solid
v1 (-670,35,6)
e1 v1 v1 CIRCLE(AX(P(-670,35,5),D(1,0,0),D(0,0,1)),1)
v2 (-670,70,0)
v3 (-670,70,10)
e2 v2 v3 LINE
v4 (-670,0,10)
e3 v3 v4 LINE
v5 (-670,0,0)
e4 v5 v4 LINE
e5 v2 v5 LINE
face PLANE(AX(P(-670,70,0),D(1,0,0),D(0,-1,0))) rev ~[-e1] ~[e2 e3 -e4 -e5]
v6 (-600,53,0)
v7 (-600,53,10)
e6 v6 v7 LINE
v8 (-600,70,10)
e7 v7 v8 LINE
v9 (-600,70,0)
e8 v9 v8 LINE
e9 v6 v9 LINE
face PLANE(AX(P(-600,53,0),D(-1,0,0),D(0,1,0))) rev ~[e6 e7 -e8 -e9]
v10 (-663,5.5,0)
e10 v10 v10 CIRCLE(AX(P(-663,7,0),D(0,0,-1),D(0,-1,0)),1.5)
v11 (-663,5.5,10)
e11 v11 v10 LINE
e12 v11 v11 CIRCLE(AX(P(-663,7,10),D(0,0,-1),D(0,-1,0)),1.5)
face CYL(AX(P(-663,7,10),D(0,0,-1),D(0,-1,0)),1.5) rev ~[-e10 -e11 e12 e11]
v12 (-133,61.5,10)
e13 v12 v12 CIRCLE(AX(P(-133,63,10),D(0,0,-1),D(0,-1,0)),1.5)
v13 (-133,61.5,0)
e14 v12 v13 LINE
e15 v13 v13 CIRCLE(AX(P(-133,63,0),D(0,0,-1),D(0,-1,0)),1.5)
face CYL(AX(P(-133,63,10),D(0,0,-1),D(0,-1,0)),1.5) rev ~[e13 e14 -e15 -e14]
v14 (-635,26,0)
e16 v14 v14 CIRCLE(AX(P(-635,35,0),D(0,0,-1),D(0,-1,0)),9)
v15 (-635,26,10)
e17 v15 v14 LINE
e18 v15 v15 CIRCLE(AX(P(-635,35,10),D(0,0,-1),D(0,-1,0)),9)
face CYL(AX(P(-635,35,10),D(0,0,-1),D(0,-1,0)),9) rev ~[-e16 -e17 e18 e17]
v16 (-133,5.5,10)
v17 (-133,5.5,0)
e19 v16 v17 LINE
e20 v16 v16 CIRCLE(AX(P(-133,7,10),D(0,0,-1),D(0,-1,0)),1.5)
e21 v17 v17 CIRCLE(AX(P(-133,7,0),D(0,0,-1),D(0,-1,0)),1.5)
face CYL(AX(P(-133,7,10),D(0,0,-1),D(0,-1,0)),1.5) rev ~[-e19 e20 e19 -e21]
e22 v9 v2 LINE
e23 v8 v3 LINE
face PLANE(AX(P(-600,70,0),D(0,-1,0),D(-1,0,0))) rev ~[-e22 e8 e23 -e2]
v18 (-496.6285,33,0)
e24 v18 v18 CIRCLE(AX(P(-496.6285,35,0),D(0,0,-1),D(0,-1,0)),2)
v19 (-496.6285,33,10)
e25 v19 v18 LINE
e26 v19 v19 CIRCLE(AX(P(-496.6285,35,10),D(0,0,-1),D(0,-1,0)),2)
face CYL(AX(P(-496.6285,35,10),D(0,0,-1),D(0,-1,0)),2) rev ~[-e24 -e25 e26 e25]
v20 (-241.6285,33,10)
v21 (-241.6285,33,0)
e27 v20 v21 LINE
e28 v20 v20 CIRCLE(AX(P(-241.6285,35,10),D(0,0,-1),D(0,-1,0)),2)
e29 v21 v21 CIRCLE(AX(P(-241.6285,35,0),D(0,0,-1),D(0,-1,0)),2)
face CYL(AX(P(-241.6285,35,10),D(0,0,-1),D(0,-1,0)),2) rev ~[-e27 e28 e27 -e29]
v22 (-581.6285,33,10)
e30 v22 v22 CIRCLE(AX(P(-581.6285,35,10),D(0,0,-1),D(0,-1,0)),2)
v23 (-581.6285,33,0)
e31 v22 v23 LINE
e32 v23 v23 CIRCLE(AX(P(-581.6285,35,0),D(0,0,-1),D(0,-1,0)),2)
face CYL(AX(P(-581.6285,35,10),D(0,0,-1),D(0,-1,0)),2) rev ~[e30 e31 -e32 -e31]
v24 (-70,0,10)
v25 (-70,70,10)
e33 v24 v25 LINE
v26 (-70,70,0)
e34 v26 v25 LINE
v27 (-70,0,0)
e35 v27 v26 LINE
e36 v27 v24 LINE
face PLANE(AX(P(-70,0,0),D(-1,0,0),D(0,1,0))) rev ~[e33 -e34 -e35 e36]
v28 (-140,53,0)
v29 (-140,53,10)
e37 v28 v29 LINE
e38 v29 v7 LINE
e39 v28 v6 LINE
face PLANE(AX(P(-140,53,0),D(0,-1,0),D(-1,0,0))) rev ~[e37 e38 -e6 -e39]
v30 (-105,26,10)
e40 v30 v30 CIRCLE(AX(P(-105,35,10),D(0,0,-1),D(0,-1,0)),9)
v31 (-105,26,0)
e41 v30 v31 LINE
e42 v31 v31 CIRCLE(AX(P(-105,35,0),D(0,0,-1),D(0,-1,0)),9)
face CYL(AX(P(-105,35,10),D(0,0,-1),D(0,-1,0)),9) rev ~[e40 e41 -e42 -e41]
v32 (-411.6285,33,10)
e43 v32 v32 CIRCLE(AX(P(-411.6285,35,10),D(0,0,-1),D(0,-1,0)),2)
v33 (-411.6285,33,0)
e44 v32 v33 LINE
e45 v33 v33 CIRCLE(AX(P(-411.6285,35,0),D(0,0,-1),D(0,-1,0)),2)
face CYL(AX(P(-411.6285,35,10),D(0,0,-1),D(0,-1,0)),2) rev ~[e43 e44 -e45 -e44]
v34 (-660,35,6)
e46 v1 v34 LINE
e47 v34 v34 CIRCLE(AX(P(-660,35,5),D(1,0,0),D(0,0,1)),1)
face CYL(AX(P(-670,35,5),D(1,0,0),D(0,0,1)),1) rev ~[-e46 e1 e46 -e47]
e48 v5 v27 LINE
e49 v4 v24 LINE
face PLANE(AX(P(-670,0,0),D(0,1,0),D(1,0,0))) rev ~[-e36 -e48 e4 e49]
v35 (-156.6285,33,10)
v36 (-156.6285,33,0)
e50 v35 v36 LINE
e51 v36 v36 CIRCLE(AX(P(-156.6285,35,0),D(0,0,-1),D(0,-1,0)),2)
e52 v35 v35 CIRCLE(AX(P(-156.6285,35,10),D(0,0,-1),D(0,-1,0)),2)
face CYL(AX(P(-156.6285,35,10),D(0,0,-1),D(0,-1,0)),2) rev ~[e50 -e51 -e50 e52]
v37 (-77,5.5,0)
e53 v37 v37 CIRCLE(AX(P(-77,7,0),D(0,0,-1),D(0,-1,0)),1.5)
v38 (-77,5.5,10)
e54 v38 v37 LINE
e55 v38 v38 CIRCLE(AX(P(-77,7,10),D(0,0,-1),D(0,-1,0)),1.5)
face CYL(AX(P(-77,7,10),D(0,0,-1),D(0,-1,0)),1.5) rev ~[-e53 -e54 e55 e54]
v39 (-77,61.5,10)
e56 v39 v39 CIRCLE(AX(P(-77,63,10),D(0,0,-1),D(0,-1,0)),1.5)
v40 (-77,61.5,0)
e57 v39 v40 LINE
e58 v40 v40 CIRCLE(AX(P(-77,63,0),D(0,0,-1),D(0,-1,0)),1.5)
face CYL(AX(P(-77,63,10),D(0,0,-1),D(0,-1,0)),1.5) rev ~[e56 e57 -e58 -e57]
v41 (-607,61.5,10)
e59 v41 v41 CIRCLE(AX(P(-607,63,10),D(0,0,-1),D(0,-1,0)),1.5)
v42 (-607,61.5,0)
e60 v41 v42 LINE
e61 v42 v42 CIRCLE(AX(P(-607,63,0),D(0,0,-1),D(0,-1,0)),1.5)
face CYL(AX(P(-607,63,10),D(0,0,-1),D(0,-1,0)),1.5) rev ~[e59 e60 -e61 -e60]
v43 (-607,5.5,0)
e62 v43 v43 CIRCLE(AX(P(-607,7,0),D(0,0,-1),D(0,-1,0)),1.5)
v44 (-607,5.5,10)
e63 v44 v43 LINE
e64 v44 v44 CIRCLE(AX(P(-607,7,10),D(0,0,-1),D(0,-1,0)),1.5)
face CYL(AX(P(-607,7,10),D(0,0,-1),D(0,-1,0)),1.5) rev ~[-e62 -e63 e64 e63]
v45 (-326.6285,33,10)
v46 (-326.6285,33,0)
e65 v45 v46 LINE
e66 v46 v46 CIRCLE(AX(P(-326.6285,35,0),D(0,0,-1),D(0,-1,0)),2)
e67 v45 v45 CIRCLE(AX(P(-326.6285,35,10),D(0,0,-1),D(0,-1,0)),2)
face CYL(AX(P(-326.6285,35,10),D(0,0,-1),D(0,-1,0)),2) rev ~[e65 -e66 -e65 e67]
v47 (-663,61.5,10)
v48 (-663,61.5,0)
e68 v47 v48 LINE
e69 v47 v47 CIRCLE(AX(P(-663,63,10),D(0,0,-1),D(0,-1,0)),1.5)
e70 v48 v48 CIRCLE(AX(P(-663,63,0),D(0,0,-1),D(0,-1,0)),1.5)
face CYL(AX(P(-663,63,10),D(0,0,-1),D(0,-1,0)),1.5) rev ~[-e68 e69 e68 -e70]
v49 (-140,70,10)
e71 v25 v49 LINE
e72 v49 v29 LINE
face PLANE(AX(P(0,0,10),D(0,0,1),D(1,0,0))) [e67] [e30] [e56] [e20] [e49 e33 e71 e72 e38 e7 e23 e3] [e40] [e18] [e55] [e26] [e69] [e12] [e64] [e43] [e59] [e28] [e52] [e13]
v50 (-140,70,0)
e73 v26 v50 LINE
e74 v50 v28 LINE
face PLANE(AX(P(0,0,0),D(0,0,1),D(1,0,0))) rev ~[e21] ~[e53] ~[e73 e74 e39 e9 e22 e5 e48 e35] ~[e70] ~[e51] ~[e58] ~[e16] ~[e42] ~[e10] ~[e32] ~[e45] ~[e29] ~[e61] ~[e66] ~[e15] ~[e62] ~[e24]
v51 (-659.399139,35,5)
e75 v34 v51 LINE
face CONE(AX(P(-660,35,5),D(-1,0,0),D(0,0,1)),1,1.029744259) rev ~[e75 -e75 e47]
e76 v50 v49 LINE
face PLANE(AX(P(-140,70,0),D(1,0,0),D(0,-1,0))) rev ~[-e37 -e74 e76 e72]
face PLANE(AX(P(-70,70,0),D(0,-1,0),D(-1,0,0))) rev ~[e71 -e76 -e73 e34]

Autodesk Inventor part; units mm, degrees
ref_plane "YZ Plane" through (0, 0, 0) normal (1, 0, 0) x (0, 1, 0)
ref_plane "XZ Plane" through (0, 0, 0) normal (0, 1, 0) x (-1, 0, 0)
ref_plane "XY Plane" through (0, 0, 0) normal (0, 0, 1) x (1, 0, 0)
sketch "Sketch1" plane through (0, 0, 0) normal (0, 0, 1) x (1, 0, 0)
  line L0 (-70, 0) -> (-70, 70)
  line L1 (-70, 70) -> (-140, 70)
  line L2 (-140, 70) -> (-140, 53)
  line L3 (-140, 53) -> (-600, 53)
  line L4 (-600, 53) -> (-600, 70)
  line L5 (-600, 70) -> (-670, 70)
  line L6 (-670, 70) -> (-670, 0)
  line L7 (-670, 0) -> (-70, 0)
  point P0 (0, 0)
extrude "Extrusion1" add sketch "Sketch1" along normal blind 10
sketch "Sketch2" plane through (0, 0, 10) normal (0, 0, 1) x (1, 0, 0)
  line L0 (-70, 70) -> (-140, 70) projected
  line L1 (-70, 0) -> (-70, 70) projected
  line L2 (-600, 70) -> (-670, 70) projected
  line L3 (-670, 70) -> (-670, 0) projected
  point P0 (0, 0)
  point P1 (-105, 35)
  point P2 (-635, 35)
  dimension "d7" = 35
  dimension "d8" = 35
  dimension "d9" = 35
  dimension "d10" = 35
hole "Hole1" at (-105, 35, 10) at (-635, 35, 10) direction (0, 0, -1) diameter 18 end through all
sketch "Sketch3" plane through (0, 0, 10) normal (0, 0, 1) x (1, 0, 0)
  line L0 (-70, 70) -> (-140, 70) projected
  line L1 (-70, 0) -> (-70, 70) projected
  line L2 (-670, 0) -> (-70, 0) projected
  line L3 (-140, 70) -> (-140, 53) projected
  point P0 (0, 0)
  point P1 (-77, 63)
  point P2 (-77, 7)
  point P3 (-133, 63)
  point P4 (7, -7)
  dimension "d18" = 7
  dimension "d19" = 7
  dimension "d20" = 7
  dimension "d21" = 7
  dimension "d22" = 7
  dimension "d23" = 7
  dimension "d24" = 7
hole "Hole2" at (-77, 63, 10) at (-77, 7, 10) at (-133, 63, 10) at (7, -7, 10) direction (0, 0, -1) diameter 3 end through all
sketch "Sketch4" plane through (0, 0, 10) normal (0, 0, 1) x (1, 0, 0)
  line L0 (-670, 0) -> (-70, 0) projected
  line L1 (-70, 0) -> (-70, 70) projected
  point P0 (0, 0)
  point P1 (-133, 7)
  dimension "d32" = 7
  dimension "d33" = 63
hole "Hole3" at (-133, 7, 10) direction (0, 0, -1) diameter 3 end through all
sketch "Sketch5" plane through (0, 0, 10) normal (0, 0, 1) x (1, 0, 0)
  line L0 (-600, 70) -> (-670, 70) projected
  line L1 (-670, 70) -> (-670, 0) projected
  line L2 (-670, 0) -> (-70, 0) projected
  line L3 (-600, 53) -> (-600, 70) projected
  point P0 (0, 0)
  point P1 (-663, 63)
  point P2 (-663, 7)
  point P3 (-607, 63)
  point P4 (-607, 7)
  dimension "d41" = 7
  dimension "d42" = 7
  dimension "d43" = 7
  dimension "d44" = 7
  dimension "d45" = 7
  dimension "d46" = 7
  dimension "d47" = 7
  dimension "d48" = 63
hole "Hole4" at (-663, 63, 10) at (-663, 7, 10) at (-607, 63, 10) at (-607, 7, 10) direction (0, 0, -1) diameter 3 end through all
sketch "Sketch6" plane through (0, 0, 10) normal (0, 0, 1) x (1, 0, 0)
  line L0 (-140, 53) -> (-600, 53) projected
  point P0 (0, 0)
  point P1 (-581.6285, 35)
  point P2 (-142, 53)
  point P3 (-598, 53)
  dimension "d63" = 18
hole "Hole5" at (-581.6285, 35, 10) direction (0, 0, -1) diameter 4 end through all
pattern_linear "Rectangular Pattern1" count 6 spacing 85 along (1, 0, 0) of "Hole5"
sketch "Sketch10" plane through (-670, 0, 0) normal (-1, 0, 0) x (0, 0, 1)
  line L0 (10, 70) -> (10, 0) projected
  line L1 (0, 0) -> (10, 0) projected
  point P0 (5, 35)
  dimension "d100" = 5
  dimension "d101" = 35
hole "Hole9" at (-670, 35, 5) direction (1, 0, 0) diameter 2 depth 10 tip angle 118
properties part number "conveyor belt sideplank"
